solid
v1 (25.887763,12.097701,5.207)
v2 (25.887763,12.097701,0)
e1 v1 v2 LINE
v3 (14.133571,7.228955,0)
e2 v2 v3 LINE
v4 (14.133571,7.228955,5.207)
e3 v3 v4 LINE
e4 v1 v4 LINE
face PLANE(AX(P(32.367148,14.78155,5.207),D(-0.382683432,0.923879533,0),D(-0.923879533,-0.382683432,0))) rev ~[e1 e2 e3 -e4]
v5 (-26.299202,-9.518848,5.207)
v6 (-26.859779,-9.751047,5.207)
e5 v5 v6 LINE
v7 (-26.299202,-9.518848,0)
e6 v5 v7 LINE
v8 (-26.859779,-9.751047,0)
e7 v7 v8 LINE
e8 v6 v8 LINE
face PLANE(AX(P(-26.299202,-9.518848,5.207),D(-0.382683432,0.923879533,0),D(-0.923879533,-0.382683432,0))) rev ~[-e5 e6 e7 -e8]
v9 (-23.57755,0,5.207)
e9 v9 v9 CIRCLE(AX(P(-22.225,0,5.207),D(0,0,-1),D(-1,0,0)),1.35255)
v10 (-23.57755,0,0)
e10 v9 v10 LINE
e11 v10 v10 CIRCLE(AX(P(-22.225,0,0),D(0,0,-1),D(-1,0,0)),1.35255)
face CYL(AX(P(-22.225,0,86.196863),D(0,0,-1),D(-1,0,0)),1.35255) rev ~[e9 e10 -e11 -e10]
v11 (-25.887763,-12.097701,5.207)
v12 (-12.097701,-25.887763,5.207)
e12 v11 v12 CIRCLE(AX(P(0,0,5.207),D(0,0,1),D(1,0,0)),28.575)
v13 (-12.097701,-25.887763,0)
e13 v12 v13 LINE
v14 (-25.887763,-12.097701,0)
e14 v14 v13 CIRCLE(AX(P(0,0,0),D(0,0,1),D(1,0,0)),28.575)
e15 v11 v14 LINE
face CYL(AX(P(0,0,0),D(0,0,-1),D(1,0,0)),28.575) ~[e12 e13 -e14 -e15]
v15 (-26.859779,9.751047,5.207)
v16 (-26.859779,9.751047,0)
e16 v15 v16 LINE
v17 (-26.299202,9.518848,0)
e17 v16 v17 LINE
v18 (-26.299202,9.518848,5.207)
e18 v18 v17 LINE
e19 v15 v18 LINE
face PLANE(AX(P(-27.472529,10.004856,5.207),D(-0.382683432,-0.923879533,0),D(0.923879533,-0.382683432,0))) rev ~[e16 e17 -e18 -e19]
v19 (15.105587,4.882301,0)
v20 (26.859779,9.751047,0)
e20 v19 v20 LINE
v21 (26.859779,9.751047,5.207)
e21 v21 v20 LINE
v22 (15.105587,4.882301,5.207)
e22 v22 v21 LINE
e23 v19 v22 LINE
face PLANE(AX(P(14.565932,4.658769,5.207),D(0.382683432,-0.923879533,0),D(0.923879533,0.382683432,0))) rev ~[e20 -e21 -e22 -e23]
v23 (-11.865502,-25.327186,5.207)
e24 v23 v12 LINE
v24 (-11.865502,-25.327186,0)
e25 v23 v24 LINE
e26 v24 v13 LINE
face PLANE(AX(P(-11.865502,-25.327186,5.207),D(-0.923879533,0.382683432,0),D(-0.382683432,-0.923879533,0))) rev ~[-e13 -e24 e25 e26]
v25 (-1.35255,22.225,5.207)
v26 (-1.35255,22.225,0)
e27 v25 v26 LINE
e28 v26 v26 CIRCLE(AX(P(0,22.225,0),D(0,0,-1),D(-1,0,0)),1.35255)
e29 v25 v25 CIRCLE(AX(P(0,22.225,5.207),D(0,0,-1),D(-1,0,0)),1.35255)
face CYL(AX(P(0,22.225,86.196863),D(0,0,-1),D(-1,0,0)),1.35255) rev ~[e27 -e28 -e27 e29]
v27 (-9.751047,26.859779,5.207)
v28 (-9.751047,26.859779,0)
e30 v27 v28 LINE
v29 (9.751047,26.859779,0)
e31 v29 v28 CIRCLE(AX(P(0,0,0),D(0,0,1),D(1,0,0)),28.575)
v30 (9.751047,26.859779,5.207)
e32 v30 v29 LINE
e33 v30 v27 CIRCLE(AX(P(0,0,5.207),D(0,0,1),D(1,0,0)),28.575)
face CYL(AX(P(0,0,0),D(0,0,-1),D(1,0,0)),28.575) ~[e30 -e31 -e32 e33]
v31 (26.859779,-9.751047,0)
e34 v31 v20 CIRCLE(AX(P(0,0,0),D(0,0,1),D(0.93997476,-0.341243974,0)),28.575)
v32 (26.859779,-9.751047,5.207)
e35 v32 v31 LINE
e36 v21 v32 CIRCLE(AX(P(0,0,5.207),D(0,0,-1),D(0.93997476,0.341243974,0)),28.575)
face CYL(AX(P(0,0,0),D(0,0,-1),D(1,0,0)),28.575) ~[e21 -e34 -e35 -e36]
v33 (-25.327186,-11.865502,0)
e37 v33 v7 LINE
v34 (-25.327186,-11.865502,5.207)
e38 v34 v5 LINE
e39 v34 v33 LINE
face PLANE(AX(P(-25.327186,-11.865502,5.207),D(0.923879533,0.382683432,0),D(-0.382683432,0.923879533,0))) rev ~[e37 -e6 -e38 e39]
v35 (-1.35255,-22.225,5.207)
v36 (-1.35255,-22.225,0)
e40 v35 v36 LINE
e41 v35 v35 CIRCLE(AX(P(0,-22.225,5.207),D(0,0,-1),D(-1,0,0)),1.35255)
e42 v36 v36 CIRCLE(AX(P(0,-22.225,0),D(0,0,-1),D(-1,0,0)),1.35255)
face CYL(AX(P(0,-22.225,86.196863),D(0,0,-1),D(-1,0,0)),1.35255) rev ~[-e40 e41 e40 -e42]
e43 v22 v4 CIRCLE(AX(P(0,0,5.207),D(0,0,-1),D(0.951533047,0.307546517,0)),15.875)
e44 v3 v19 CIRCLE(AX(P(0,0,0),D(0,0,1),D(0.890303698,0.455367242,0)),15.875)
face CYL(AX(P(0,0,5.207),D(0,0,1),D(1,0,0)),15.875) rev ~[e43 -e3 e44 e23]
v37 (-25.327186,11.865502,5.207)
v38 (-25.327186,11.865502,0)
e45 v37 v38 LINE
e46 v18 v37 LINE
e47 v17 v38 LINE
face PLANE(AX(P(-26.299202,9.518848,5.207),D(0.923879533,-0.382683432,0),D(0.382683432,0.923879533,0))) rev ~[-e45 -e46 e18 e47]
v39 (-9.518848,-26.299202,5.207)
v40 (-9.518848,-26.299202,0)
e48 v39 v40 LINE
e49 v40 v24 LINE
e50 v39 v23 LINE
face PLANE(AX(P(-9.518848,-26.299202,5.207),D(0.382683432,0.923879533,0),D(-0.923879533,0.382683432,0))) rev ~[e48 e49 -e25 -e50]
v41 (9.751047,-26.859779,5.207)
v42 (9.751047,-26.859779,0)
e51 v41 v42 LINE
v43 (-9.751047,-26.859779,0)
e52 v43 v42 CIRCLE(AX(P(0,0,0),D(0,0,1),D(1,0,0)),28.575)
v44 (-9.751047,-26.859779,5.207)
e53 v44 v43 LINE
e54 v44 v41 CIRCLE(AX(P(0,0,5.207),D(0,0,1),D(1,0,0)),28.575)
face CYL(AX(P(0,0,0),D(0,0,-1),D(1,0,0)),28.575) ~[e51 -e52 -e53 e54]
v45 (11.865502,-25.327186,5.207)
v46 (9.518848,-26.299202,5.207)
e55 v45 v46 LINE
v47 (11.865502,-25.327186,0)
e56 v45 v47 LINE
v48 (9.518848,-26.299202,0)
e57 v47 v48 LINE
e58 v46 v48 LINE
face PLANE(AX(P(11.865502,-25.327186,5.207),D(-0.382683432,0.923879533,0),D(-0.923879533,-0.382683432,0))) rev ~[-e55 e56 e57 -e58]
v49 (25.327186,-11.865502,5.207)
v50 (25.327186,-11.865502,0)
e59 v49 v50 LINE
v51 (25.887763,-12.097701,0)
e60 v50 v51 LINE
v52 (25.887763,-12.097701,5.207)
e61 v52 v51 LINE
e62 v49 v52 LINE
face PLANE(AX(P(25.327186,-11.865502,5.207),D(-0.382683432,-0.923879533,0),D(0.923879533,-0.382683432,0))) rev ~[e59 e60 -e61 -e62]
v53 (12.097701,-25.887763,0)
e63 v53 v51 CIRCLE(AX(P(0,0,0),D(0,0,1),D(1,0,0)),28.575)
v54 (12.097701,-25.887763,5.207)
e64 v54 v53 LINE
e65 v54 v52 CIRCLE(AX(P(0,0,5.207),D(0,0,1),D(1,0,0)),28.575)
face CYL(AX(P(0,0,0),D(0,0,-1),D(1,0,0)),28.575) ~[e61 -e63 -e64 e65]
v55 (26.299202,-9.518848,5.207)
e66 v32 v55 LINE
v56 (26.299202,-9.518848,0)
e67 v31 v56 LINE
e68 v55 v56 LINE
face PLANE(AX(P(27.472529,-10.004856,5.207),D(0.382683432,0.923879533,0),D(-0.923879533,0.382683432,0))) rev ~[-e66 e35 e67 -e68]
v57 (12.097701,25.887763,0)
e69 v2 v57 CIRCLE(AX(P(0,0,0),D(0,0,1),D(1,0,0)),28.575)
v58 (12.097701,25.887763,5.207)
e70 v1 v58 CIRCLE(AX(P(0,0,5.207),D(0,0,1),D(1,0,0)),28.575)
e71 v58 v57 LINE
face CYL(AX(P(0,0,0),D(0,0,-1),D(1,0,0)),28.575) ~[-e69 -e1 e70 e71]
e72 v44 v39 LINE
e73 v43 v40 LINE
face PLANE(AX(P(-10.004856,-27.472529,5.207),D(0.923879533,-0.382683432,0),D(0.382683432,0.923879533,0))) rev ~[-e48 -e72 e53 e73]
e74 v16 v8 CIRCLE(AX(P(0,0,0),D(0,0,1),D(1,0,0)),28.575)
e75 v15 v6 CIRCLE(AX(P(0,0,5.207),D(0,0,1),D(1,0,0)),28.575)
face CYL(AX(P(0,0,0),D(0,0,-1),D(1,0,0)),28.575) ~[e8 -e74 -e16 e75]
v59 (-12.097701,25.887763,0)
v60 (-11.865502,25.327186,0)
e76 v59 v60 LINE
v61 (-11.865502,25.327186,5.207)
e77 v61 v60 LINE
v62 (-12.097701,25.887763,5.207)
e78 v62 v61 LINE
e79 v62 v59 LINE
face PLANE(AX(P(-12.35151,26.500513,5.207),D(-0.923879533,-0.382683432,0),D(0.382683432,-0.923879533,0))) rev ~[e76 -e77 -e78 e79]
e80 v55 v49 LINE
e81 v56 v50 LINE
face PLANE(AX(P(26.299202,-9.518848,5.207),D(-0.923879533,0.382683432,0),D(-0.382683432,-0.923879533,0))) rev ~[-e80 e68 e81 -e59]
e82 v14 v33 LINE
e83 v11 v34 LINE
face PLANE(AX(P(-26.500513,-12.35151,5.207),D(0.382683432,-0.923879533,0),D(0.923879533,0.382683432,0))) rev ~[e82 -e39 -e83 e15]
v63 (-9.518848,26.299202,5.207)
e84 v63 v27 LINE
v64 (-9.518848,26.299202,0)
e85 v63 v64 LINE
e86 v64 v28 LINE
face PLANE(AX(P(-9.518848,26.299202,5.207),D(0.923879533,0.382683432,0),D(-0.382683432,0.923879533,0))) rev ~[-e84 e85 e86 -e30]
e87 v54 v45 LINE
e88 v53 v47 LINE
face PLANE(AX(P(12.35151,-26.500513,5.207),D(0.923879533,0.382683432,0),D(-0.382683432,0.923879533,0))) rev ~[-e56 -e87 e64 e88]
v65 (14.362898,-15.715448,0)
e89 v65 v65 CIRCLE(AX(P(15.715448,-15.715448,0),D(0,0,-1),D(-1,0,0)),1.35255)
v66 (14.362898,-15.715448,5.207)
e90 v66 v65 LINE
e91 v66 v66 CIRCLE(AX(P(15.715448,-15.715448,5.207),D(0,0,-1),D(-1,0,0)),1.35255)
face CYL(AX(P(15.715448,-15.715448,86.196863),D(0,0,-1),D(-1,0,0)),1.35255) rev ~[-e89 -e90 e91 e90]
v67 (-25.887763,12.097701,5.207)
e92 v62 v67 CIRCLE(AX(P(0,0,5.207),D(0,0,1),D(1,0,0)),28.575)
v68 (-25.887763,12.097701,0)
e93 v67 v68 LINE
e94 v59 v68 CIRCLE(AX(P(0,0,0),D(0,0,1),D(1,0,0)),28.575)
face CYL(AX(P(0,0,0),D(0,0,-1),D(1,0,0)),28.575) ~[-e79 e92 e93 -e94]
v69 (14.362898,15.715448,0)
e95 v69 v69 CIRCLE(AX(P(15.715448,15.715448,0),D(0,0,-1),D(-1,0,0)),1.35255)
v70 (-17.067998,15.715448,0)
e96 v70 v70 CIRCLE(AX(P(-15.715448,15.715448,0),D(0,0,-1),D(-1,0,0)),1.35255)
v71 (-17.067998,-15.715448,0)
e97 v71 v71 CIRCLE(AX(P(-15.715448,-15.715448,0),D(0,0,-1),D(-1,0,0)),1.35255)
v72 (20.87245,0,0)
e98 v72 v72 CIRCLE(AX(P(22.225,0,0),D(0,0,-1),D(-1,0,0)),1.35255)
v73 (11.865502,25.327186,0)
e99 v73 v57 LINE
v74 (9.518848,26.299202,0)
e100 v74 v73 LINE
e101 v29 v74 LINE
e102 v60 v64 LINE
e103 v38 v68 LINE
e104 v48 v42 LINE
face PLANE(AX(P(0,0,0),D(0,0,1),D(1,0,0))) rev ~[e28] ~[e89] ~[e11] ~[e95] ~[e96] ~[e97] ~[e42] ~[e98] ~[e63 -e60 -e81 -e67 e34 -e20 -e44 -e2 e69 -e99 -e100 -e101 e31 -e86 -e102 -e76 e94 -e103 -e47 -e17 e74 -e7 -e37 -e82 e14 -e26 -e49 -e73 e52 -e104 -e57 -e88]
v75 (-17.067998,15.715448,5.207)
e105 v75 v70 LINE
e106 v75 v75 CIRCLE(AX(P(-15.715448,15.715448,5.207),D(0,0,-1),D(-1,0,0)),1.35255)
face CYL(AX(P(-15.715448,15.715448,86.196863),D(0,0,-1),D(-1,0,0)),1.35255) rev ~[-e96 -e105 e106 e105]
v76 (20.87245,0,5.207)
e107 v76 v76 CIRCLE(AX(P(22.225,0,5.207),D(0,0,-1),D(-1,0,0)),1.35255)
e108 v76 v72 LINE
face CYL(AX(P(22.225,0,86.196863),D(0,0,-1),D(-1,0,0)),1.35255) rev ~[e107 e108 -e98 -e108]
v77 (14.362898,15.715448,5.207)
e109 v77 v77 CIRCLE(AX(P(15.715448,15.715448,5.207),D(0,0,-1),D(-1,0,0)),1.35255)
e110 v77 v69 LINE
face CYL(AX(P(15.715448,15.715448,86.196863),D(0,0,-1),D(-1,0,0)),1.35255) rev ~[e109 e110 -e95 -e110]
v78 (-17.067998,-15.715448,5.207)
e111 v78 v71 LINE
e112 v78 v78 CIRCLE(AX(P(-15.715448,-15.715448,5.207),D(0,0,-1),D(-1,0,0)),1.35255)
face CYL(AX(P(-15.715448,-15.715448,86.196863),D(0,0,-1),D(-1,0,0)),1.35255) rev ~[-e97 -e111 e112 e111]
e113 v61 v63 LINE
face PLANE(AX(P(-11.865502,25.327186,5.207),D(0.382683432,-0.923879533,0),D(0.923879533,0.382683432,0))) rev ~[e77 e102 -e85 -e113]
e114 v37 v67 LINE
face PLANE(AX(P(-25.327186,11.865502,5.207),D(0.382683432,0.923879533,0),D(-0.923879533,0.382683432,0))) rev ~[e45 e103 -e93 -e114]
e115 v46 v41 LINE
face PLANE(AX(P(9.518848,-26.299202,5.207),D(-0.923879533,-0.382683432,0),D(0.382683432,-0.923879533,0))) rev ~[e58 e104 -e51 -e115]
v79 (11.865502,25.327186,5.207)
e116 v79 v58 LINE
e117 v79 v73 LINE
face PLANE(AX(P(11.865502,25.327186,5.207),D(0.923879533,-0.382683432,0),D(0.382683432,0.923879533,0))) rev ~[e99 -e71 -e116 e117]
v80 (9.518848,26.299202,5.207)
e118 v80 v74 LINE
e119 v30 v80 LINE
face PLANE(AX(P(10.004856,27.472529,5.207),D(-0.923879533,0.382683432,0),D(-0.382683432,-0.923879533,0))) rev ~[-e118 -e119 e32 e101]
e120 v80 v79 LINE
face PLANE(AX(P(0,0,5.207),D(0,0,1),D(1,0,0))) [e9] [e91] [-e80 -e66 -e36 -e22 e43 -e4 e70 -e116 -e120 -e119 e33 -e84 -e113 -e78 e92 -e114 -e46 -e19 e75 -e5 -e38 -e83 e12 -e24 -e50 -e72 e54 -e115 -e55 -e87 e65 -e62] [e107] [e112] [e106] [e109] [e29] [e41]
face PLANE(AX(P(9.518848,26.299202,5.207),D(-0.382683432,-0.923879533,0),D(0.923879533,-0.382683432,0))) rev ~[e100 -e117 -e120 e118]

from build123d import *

# Parameters (mm, degrees)
SKETCH4_R             = 28.575
BOSS_EXTRUDE2_DEPTH   = 5.207
SKETCH5_R             = 15.875
CUT_EXTRUDE5_DEPTH    = 6.207
CUT_EXTRUDE11_DEPTH   = 6.207
F_6_32_TAPPED_HOLE1_D = 2.7051


with BuildPart() as part:
    # Sketch4 → Boss-Extrude2 (new body)
    with BuildSketch(Plane.XY):
        Circle(SKETCH4_R)
    extrude(amount=BOSS_EXTRUDE2_DEPTH)

    # Sketch5 → Cut-Extrude5 (cut, through all)
    with BuildSketch(Plane.XY.offset(5.207)):
        Circle(SKETCH5_R)
    extrude(amount=-CUT_EXTRUDE5_DEPTH, mode=Mode.SUBTRACT)

    # Sketch8 → Cut-Extrude11 (cut, through all)
    with BuildSketch(Plane.XY.offset(5.207)):
        Polygon((32.367148217, 14.781549861), (13.593916116, 7.005422516), (14.565932035, 4.658768503), (33.339164135, 12.434895849), align=None)
        Polygon((12.351510066, 26.500513186), (10.004856053, 27.472529104), (9.518848094, 26.299202097), (11.865502107, 25.327186179), align=None)
        Polygon((-10.004856053, 27.472529104), (-12.351510066, 26.500513186), (-11.865502107, 25.327186179), (-9.518848094, 26.299202097), align=None)
        Polygon((-26.500513186, 12.351510066), (-27.472529104, 10.004856053), (-26.299202097, 9.518848094), (-25.327186179, 11.865502107), align=None)
        Polygon((-27.472529104, -10.004856053), (-26.500513186, -12.351510066), (-25.327186179, -11.865502107), (-26.299202097, -9.518848094), align=None)
        Polygon((-12.351510066, -26.500513186), (-10.004856053, -27.472529104), (-9.518848094, -26.299202097), (-11.865502107, -25.327186179), align=None)
        Polygon((10.004856053, -27.472529104), (12.351510066, -26.500513186), (11.865502107, -25.327186179), (9.518848094, -26.299202097), align=None)
        Polygon((26.500513186, -12.351510066), (27.472529104, -10.004856053), (26.299202097, -9.518848094), (25.327186179, -11.865502107), align=None)
    extrude(amount=-CUT_EXTRUDE11_DEPTH, mode=Mode.SUBTRACT)

    # #6-32 Tapped Hole1 (through all)
    with Locations(Plane.XY.offset(5.207)):
        with Locations((22.225, 0), (15.715448212, -15.715448212), (0, -22.225), (-15.715448212, -15.715448212), (-22.225, 0), (-15.715448212, 15.715448212), (0, 22.225), (15.715448212, 15.715448212)):
            Hole(F_6_32_TAPPED_HOLE1_D / 2)


solid = part.part
